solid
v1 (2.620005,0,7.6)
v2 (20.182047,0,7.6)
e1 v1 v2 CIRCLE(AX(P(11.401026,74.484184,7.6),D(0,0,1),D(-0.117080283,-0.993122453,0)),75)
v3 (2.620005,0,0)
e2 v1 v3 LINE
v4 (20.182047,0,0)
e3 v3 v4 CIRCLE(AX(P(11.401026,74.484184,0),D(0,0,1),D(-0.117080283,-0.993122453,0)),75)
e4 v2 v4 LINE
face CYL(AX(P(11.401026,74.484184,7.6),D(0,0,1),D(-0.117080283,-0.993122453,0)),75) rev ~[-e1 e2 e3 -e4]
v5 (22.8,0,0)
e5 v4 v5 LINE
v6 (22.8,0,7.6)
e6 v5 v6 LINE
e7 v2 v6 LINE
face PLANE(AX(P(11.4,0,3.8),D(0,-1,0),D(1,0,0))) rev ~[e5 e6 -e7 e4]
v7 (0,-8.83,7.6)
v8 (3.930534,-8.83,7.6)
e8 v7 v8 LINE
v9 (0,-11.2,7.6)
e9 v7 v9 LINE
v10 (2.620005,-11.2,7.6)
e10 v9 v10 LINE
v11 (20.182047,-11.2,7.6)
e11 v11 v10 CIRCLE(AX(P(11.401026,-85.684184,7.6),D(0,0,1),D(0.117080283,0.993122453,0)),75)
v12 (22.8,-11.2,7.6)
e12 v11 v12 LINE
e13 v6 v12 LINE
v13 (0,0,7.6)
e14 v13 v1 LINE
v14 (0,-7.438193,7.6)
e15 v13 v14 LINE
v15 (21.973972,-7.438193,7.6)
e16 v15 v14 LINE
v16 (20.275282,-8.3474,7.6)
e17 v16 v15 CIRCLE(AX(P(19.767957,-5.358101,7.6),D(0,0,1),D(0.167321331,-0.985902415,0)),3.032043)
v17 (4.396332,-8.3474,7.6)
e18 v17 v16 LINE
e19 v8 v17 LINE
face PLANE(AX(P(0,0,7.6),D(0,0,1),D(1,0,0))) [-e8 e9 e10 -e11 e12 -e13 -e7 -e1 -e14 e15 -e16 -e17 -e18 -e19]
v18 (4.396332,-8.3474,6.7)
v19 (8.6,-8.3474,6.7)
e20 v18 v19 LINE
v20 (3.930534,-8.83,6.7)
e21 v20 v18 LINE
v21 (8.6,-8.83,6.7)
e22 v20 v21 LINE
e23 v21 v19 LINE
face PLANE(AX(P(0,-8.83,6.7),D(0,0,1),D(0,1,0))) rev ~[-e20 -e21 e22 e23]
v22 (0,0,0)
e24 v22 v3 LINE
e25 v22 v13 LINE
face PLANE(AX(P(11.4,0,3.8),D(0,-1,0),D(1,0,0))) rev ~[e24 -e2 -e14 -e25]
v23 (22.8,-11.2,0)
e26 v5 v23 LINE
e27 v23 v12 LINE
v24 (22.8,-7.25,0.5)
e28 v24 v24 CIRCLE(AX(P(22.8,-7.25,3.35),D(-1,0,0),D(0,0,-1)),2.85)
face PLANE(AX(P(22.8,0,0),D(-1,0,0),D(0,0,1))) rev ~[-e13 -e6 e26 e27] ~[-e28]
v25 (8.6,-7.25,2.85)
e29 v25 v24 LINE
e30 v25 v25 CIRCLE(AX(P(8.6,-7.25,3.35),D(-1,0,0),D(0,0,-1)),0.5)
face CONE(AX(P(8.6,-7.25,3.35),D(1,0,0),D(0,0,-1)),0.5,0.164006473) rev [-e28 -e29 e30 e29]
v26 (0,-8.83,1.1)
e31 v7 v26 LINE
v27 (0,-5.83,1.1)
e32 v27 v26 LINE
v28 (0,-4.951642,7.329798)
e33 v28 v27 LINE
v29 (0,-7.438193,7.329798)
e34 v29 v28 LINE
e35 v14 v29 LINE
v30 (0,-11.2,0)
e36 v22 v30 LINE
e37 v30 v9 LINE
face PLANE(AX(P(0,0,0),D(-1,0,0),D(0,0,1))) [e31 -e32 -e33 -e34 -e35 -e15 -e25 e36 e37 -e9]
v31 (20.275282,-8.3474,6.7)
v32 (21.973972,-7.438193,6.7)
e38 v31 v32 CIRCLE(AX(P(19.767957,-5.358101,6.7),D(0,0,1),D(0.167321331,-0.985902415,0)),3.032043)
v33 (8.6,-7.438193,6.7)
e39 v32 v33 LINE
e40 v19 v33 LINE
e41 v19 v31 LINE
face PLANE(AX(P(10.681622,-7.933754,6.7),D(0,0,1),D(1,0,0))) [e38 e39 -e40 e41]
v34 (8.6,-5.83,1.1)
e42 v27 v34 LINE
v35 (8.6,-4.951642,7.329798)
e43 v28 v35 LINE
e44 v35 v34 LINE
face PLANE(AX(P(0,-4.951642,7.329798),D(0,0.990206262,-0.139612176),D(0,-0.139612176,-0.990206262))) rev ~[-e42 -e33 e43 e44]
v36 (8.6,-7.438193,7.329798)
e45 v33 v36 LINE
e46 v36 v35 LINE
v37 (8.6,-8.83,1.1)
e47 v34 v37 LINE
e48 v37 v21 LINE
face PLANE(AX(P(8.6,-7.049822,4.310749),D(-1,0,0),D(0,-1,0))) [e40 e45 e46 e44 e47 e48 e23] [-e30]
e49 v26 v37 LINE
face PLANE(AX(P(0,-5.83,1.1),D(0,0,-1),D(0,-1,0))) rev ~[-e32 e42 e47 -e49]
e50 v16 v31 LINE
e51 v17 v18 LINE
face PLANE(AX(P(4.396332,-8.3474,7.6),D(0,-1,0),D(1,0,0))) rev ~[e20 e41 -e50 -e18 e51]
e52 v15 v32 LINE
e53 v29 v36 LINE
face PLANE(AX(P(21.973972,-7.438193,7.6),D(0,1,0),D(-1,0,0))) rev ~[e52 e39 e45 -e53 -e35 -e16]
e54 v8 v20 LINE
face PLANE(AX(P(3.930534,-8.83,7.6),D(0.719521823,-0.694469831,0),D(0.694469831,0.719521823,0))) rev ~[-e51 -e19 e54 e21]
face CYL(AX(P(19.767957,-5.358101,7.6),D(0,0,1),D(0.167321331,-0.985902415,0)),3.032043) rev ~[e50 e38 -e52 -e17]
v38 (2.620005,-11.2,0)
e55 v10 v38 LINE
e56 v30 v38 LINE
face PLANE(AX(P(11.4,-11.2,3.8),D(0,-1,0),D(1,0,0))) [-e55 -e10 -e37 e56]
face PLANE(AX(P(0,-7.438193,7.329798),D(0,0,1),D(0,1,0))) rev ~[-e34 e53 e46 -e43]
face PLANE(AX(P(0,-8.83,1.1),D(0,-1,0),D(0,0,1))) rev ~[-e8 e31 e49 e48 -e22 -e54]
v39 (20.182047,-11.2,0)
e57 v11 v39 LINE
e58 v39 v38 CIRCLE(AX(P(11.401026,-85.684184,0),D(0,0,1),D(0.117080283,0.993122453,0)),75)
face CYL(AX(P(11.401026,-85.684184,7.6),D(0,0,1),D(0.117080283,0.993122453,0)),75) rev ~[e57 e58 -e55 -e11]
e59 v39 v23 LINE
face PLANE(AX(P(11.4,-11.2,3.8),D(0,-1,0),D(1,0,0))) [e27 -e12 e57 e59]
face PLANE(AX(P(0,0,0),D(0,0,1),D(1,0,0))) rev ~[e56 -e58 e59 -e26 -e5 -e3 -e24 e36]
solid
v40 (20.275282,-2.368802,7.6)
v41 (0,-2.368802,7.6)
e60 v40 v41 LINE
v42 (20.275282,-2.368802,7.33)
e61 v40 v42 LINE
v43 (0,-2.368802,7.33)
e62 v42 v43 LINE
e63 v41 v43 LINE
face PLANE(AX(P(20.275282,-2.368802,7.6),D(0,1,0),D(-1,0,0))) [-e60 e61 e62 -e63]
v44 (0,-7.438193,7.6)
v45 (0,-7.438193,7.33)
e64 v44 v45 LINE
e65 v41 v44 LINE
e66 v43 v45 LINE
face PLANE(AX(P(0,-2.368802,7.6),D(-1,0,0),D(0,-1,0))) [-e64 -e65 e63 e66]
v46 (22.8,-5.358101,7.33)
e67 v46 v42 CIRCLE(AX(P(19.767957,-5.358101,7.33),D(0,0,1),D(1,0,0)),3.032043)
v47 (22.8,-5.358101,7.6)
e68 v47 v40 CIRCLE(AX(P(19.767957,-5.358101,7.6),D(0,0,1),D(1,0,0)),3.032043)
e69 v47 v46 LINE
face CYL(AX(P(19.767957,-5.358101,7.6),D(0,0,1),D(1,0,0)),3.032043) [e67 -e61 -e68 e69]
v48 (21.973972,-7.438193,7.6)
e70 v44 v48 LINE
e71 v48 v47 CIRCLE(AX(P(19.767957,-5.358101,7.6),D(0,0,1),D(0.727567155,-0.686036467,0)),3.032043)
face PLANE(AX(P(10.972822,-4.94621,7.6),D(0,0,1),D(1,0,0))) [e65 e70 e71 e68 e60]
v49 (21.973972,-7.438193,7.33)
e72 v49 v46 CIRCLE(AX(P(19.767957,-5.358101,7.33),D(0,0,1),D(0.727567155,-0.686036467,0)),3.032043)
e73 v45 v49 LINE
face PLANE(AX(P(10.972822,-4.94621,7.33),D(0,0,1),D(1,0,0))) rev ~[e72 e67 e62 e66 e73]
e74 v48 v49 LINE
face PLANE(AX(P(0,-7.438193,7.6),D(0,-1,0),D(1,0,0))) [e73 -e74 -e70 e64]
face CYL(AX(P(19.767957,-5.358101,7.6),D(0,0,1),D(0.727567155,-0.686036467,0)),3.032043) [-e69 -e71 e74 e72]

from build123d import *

# Parameters (mm, degrees)
F0_W      = 22.8
F0_H      = 7.6
F1_DEPTH  = 11.2
F7_DEPTH  = 0.9
F9_DEPTH  = 8.6
F10_DEPTH = 7.6
F11_DEPTH = 7.6
F12_DEPTH = 0.27


with BuildPart() as f1:
    # F0 (on Front) → F1 (new body)
    with BuildSketch(Plane.XZ):
        with Locations((11.4, 3.8)):
            Rectangle(F0_W, F0_H)
    extrude(amount=F1_DEPTH)

    # F4 (on offset) → F5 (revolve, cut)
    with BuildSketch(Plane.XZ.offset(7.25)):
        Polygon((8.6, 2.85), (22.8, 0.5), (22.8, 3.35), (8.6, 3.35), align=None)
    revolve(axis=Axis((15.7, -7.25, 3.35), (-1, 0, 0)), mode=Mode.SUBTRACT)

    # F6 (on face) → F7 (cut)
    with BuildSketch(Plane.XY.offset(7.6)):
        with BuildLine():
            Line((21.9739718918, -7.4381930754), (0, -7.4381930754))
            Line((0, -7.4381930754), (0, -8.83))
            Line((0, -8.83), (3.9305342361, -8.83))
            Line((3.9305342361, -8.83), (4.396331734, -8.3473995328))
            Line((4.396331734, -8.3473995328), (20.2752824453, -8.3473995328))
            ThreePointArc((20.2752824453, -8.3473995328), (21.1987672729, -8.0313138122), (21.9739718918, -7.4381930754))
        make_face()
    extrude(amount=-F7_DEPTH, mode=Mode.SUBTRACT)

    # F8 (on face) → F9 (cut)
    with BuildSketch(Plane(origin=(0, 0, 0), x_dir=(0, -1, 0), z_dir=(-1, 0, 0))):
        Polygon((4.9516418949, 7.3297983035), (5.83, 1.1), (8.83, 1.1), (8.83, 6.7), (7.4381930754, 6.7), (7.4381930754, 7.3297983035), align=None)
    extrude(amount=-F9_DEPTH, mode=Mode.SUBTRACT)

    # F6 (on face) → F10 (cut)
    with BuildSketch(Plane.XY.offset(7.6)):
        with BuildLine():
            Line((2.6200045832, -11.2), (20.1820470393, -11.2))
            ThreePointArc((20.1820470393, -11.2), (11.4010258112, -10.6841840003), (2.6200045832, -11.2))
        make_face()
    extrude(amount=-F10_DEPTH, mode=Mode.SUBTRACT)

    # F6 (on face) → F11 (cut)
    with BuildSketch(Plane.XY.offset(7.6)):
        with BuildLine():
            Line((20.1820470393, 0), (2.6200045832, 0))
            ThreePointArc((2.6200045832, 0), (11.4010258112, -0.5158159997), (20.1820470393, 0))
        make_face()
    extrude(amount=-F11_DEPTH, mode=Mode.SUBTRACT)


with BuildPart() as f12:
    # F6 (on face) → F12 (new body)
    with BuildSketch(Plane.XY.offset(7.6)):
        with BuildLine():
            Line((20.2752824453, -2.3688024376), (0, -2.3688024376))
            Line((0, -2.3688024376), (0, -7.4381930754))
            Line((0, -7.4381930754), (21.9739718918, -7.4381930754))
            ThreePointArc((21.9739718918, -7.4381930754), (22.5859364858, -6.4771525411), (22.8, -5.3581009852))
            ThreePointArc((22.8, -5.3581009852), (22.0843677289, -3.4016945513), (20.2752824453, -2.3688024376))
        make_face()
    extrude(amount=-F12_DEPTH)


solid = Compound([f1.part, f12.part])
